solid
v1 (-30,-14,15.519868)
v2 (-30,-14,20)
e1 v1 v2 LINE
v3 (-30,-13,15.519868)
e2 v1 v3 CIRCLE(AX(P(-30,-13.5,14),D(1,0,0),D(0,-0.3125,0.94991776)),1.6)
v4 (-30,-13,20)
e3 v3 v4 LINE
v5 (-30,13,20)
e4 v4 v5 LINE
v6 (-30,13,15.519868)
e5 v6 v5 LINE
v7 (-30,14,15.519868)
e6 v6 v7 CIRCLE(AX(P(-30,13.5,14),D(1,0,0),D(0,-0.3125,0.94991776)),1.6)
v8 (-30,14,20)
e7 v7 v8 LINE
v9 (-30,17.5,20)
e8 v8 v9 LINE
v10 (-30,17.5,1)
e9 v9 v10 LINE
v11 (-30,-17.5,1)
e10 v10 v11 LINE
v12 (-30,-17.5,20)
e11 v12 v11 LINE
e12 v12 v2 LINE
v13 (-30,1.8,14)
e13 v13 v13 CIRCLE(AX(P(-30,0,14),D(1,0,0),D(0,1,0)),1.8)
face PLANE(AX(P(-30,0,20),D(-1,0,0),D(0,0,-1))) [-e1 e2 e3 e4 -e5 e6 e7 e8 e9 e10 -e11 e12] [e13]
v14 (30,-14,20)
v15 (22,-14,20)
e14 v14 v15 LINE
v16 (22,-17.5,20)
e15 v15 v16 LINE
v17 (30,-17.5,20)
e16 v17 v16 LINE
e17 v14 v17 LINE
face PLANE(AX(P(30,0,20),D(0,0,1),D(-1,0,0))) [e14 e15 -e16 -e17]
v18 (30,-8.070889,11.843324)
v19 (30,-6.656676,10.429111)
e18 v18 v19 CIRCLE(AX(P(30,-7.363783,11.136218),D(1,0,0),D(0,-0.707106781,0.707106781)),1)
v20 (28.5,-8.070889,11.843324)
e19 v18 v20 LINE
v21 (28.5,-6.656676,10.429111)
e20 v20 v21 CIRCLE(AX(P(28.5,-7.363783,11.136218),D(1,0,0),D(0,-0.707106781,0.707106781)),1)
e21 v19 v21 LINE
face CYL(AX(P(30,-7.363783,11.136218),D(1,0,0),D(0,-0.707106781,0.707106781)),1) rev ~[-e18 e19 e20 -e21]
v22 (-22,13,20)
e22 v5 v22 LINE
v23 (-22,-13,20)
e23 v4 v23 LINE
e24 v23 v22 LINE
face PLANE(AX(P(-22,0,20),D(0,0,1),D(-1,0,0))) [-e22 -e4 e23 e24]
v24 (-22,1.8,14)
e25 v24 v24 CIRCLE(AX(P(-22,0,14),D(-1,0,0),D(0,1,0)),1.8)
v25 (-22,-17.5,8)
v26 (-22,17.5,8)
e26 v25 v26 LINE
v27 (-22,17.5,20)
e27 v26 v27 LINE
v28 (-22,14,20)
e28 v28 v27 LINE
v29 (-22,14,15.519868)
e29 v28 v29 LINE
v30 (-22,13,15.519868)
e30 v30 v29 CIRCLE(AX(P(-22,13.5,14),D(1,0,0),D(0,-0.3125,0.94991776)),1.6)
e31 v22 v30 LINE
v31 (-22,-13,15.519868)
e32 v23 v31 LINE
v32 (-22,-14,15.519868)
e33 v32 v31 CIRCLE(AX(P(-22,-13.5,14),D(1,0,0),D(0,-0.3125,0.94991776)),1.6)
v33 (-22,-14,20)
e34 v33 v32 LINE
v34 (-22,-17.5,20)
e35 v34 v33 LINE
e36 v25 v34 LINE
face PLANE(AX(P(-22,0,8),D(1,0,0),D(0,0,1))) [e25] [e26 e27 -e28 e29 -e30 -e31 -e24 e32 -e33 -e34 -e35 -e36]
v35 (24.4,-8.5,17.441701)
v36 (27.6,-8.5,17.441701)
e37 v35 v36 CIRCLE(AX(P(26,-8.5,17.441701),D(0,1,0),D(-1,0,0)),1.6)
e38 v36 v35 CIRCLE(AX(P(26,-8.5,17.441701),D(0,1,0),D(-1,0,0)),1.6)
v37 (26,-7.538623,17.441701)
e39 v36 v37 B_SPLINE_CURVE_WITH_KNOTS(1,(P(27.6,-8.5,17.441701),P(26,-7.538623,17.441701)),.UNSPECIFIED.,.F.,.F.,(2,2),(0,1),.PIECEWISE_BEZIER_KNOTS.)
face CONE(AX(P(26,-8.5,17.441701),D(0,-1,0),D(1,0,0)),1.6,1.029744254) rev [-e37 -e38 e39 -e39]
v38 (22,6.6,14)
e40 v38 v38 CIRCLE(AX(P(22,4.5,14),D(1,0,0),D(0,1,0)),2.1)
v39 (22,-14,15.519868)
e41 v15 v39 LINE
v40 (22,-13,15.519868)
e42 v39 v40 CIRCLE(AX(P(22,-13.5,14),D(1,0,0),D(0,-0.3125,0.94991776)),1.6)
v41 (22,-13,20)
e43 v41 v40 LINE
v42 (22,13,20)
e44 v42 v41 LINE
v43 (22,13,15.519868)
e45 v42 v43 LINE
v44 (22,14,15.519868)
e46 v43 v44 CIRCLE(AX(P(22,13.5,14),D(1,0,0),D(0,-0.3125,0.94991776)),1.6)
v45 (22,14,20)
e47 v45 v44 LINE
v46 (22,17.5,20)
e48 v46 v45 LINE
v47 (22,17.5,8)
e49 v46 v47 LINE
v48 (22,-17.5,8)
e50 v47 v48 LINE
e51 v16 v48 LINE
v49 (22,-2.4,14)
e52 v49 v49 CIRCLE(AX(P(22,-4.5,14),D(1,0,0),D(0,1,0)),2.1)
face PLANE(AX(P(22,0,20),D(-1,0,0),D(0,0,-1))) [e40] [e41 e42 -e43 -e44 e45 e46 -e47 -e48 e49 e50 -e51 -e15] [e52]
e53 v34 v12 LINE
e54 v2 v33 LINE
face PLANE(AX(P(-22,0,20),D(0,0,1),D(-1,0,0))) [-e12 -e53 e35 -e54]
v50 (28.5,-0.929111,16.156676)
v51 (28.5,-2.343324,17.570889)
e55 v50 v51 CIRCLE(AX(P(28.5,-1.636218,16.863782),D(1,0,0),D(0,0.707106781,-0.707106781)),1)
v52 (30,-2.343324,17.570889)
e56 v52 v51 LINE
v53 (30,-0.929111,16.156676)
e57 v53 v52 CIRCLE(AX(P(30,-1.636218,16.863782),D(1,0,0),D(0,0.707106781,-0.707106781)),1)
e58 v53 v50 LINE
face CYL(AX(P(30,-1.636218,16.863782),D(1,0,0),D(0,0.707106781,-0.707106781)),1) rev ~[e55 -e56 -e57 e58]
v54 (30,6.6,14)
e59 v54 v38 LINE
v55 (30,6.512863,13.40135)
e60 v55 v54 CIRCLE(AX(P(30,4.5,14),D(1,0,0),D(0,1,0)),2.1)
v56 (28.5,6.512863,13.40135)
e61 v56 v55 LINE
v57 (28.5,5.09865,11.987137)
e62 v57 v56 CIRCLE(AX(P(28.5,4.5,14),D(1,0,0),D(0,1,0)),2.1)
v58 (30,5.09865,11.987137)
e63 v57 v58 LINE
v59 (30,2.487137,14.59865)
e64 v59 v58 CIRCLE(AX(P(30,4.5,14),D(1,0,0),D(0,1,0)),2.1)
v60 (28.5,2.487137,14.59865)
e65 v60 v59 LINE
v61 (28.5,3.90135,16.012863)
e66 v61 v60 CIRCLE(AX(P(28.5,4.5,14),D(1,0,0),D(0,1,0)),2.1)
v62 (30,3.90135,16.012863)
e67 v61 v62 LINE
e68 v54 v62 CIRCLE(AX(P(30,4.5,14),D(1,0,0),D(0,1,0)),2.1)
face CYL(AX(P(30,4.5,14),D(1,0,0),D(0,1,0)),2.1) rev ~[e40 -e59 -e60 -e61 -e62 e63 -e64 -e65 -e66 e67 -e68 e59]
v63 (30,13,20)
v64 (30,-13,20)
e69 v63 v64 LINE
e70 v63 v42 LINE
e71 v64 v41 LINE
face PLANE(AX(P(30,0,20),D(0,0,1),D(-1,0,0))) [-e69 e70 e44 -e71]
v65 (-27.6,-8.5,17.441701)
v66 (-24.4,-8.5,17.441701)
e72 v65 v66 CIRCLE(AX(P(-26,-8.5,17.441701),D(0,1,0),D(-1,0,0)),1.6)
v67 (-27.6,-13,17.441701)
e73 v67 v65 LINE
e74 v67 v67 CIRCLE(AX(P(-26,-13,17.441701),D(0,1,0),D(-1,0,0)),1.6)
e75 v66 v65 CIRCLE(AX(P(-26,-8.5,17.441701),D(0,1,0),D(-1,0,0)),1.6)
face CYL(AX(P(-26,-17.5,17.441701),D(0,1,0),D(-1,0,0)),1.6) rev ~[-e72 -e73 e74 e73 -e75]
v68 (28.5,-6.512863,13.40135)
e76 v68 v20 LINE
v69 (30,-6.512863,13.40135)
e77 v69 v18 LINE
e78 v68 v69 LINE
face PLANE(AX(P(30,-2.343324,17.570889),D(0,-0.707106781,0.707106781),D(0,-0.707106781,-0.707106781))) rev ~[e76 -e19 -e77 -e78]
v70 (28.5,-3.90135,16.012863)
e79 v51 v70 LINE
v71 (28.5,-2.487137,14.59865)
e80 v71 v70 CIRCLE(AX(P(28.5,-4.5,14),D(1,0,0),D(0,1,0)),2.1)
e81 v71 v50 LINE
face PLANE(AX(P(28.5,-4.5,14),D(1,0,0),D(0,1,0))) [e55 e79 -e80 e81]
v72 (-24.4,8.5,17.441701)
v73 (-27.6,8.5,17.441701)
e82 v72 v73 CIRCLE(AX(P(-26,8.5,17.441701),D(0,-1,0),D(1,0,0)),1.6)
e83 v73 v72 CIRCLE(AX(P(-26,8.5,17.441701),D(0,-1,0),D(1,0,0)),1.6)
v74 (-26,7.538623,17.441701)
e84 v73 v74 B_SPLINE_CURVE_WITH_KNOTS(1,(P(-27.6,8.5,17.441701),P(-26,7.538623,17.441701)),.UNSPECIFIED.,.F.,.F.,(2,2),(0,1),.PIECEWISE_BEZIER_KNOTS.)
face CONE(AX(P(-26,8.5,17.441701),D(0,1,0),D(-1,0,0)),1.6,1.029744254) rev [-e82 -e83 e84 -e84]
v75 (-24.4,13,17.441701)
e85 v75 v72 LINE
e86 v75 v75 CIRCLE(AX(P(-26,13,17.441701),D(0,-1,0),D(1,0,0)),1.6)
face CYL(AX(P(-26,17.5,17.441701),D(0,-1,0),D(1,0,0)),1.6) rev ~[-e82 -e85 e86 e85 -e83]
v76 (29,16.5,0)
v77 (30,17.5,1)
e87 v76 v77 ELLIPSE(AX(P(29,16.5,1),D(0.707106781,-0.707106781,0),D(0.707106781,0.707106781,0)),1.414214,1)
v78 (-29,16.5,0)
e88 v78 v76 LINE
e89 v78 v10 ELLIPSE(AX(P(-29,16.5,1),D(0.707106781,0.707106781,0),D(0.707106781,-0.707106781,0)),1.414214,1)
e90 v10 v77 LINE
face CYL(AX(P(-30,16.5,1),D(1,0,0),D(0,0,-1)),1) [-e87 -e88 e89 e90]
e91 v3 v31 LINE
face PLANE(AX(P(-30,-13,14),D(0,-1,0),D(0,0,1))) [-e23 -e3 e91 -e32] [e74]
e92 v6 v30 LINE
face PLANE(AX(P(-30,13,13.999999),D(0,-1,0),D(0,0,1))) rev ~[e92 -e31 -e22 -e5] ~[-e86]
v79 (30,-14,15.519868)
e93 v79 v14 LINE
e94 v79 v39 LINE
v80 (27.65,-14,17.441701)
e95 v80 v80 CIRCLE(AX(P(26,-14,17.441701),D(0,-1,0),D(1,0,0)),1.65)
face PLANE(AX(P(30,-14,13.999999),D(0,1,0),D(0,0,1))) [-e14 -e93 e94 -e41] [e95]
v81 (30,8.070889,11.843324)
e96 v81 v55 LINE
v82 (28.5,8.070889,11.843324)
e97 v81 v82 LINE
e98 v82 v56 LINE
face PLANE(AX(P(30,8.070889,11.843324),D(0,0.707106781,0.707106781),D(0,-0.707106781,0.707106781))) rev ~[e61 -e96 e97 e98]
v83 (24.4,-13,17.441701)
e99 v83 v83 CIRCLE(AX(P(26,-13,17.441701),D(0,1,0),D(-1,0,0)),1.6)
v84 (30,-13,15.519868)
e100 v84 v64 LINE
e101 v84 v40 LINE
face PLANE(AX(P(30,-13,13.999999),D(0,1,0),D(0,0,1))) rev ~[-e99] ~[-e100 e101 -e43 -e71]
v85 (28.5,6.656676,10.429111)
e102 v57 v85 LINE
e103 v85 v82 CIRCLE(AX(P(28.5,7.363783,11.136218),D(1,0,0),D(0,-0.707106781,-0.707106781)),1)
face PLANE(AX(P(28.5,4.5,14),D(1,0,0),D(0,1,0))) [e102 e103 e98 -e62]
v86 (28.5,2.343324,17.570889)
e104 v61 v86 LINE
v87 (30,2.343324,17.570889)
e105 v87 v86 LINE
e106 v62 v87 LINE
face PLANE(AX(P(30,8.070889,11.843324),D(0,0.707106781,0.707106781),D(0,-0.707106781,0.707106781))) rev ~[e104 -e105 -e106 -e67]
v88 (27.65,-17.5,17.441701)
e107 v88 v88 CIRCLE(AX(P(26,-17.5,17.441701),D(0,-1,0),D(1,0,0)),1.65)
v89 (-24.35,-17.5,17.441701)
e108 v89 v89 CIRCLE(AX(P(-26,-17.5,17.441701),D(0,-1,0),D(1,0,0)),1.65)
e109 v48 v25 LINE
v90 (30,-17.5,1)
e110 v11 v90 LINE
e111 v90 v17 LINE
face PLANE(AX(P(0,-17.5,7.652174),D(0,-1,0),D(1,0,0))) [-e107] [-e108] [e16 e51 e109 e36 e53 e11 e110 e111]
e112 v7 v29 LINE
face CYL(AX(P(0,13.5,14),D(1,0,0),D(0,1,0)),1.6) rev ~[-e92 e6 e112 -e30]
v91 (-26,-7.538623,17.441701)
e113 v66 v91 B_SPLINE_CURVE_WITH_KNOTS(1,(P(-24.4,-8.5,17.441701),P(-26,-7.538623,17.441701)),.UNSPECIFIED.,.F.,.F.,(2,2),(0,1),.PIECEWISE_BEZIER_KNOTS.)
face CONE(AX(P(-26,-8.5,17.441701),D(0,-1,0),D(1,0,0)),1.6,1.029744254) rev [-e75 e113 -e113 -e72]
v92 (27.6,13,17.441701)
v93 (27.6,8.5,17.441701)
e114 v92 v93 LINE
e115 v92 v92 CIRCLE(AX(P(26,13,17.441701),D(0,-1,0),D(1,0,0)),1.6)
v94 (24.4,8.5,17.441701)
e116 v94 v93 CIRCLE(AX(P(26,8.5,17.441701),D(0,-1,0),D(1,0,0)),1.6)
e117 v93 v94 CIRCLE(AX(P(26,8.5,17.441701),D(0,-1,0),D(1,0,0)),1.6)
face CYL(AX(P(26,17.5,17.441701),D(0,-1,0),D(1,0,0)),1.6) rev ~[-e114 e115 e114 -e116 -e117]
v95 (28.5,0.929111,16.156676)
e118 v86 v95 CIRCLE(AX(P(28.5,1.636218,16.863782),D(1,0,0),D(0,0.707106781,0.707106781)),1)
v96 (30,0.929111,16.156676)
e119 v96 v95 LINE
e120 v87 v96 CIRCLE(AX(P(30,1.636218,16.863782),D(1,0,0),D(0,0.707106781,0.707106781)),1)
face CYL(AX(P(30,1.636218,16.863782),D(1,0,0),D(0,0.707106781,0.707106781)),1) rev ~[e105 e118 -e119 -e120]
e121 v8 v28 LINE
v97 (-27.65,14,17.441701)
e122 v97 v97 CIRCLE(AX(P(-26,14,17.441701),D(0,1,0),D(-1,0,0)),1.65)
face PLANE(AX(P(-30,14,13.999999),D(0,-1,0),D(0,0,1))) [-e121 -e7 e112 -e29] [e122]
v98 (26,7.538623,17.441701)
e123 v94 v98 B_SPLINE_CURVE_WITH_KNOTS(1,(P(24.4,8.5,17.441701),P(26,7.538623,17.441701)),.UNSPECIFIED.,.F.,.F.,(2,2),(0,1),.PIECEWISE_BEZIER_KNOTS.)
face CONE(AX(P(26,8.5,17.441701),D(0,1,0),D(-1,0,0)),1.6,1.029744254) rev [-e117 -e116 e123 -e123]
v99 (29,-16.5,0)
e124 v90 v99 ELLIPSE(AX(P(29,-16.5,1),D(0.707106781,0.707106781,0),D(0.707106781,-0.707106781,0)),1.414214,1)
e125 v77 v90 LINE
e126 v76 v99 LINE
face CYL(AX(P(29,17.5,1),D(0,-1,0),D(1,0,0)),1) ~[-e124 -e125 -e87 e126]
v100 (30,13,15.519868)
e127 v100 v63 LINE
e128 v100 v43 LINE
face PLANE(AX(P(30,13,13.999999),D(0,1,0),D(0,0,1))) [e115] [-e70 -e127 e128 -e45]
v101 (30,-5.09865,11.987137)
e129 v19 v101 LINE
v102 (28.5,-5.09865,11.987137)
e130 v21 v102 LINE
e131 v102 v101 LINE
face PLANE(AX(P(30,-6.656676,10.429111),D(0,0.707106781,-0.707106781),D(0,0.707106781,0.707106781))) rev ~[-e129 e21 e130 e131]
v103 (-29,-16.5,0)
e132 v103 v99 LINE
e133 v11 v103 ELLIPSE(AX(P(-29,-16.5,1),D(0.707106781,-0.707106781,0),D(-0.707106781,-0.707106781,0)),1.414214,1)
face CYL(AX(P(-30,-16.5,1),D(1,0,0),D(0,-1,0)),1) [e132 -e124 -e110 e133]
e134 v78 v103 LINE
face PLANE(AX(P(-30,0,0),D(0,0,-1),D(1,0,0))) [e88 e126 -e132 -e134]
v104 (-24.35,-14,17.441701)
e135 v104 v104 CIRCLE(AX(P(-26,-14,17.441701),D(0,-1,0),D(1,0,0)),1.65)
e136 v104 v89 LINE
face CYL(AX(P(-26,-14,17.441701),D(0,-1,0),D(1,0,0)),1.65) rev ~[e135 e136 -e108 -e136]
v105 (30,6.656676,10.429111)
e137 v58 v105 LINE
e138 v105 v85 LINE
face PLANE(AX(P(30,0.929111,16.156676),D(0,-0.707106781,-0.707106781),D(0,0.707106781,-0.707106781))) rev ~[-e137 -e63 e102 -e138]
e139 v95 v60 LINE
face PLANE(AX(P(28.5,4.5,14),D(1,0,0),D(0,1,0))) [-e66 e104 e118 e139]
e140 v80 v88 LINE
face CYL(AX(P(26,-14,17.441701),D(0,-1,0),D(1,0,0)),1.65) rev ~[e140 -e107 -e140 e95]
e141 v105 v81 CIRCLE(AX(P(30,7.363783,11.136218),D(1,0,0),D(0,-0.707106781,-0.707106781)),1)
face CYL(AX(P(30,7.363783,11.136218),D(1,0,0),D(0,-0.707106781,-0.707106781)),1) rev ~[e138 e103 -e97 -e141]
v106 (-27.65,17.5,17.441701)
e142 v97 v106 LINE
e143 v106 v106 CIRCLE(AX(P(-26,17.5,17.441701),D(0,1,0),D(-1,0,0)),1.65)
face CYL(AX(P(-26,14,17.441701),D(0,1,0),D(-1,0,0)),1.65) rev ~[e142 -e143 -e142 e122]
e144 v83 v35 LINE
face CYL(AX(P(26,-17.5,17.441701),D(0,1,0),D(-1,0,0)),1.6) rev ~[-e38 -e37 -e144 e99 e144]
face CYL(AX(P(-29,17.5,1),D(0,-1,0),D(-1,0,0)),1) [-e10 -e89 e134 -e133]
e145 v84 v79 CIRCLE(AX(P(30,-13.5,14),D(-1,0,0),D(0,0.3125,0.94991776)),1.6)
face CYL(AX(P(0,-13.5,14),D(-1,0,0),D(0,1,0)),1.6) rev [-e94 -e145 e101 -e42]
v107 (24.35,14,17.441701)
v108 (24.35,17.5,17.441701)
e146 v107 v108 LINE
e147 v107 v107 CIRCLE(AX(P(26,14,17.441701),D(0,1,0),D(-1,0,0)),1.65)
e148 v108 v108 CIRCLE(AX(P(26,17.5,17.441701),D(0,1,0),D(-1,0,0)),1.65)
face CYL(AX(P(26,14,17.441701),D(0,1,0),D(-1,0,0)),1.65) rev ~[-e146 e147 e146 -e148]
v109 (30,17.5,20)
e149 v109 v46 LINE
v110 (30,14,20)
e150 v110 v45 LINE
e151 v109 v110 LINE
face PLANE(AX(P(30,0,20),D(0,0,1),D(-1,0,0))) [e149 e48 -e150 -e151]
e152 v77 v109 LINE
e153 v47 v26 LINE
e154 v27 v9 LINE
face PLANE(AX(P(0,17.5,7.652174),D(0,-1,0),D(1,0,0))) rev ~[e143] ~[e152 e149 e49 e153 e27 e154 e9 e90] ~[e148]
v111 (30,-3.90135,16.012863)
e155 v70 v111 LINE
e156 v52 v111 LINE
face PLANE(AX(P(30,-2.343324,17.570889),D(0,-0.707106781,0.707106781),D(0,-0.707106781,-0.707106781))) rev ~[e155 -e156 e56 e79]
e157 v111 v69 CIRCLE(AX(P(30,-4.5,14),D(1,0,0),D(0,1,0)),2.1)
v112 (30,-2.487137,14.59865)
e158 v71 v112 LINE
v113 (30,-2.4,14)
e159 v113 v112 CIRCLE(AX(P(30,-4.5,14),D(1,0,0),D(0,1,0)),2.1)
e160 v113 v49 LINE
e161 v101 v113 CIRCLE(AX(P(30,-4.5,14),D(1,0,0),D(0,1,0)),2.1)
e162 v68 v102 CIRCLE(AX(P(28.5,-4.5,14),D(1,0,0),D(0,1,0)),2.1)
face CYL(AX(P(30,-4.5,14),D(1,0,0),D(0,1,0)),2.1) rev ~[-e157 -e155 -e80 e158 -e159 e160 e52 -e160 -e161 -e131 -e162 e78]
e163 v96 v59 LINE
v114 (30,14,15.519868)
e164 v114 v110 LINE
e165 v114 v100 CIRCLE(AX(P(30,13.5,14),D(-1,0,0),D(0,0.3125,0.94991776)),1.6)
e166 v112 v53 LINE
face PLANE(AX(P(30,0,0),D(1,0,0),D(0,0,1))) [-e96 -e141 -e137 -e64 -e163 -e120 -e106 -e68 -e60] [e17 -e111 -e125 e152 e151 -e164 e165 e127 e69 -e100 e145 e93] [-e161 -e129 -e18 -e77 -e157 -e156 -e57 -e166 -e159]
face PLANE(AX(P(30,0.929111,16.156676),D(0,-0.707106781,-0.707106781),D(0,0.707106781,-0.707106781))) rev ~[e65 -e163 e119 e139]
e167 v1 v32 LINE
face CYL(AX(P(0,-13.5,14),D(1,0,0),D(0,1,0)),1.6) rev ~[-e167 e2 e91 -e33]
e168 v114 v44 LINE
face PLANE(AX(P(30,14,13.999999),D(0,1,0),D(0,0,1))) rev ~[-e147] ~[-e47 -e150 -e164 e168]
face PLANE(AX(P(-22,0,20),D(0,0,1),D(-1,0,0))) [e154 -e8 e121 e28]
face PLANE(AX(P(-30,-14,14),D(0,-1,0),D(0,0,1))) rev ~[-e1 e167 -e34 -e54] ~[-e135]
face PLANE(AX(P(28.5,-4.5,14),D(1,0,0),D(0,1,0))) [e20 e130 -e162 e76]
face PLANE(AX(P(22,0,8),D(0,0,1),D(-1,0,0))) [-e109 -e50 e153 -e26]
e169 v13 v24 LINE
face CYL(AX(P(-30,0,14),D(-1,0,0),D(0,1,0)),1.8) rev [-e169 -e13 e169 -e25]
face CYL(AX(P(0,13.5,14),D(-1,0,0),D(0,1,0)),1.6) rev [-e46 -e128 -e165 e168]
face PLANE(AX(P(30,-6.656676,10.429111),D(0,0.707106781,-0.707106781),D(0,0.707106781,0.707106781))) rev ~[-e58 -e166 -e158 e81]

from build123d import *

# Parameters (mm, degrees)
PAD_DEPTH           = 17.5
SKETCH001_R         = 1.6
POCKET_DEPTH        = 30.001
POCKET_DEPTH_BACK   = 30.001
SKETCH009_R         = 2.1
POCKET002_DEPTH     = 10
POCKET006_DEPTH     = 1.5
SKETCH014_R         = 1.8
HOLE_DEPTH          = 10
HOLE001_D           = 3.2
HOLE001_DEPTH       = 9
HOLE001_CBORE_D     = 3.3
HOLE001_CBORE_DEPTH = 3.5
HOLE001_TIPS_R      = 1.6
HOLE002_D           = 3.2
HOLE002_DEPTH       = 9
HOLE002_CBORE_D     = 3.3
HOLE002_CBORE_DEPTH = 3.5
HOLE002_TIPS_R      = 1.6
SKETCH018_W         = 1
SKETCH018_H         = 7.240904
SKETCH018_H_2       = 8.067387
POCKET009_DEPTH     = 10
SKETCH019_W         = 1
SKETCH019_H         = 13.038261
SKETCH019_H_2       = 12.983065
POCKET010_DEPTH     = 10
FILLET_R            = 1


with BuildPart() as part:
    # Sketch → Pad (new body, symmetric)
    with BuildSketch(Plane.XZ):
        Polygon((-30, 20), (-30, 0), (30, 0), (30, 20), (22, 20), (22, 8), (-22, 8), (-22, 20), align=None)
    extrude(amount=PAD_DEPTH, both=True)

    # Sketch001 → Pocket (cut, two sides)
    with BuildSketch(Plane.YZ) as pocket_sk:
        with Locations((-13.5, 14)):
            Circle(SKETCH001_R)
        with Locations((13.5, 14)):
            Circle(SKETCH001_R)
    extrude(amount=-POCKET_DEPTH, mode=Mode.SUBTRACT)
    extrude(pocket_sk.sketch, amount=POCKET_DEPTH_BACK, mode=Mode.SUBTRACT)

    # Sketch009 (on DatumPlane) → Pocket002 (cut)
    with BuildSketch(Plane.YZ.offset(30)):
        with Locations((-4.5, 14)):
            Circle(SKETCH009_R)
        with Locations((4.5, 14)):
            Circle(SKETCH009_R)
    extrude(amount=-POCKET002_DEPTH, mode=Mode.SUBTRACT)

    # Sketch013 (on DatumPlane) → Pocket006 (cut)
    with BuildSketch(Plane.YZ.offset(30)):
        with BuildLine():
            ThreePointArc((-0.929111, 16.156676), (-0.929111, 17.570889), (-2.343324, 17.570889))
            Line((-2.343324, 17.570889), (-8.070889, 11.843324))
            ThreePointArc((-8.070889, 11.843324), (-8.070889, 10.429111), (-6.656676, 10.429111))
            Line((-6.656676, 10.429111), (-0.929111, 16.156676))
        make_face()
        with BuildLine():
            ThreePointArc((2.343324, 17.570889), (0.929111, 17.570889), (0.929111, 16.156676))
            Line((0.929111, 16.156676), (6.656676, 10.429111))
            ThreePointArc((6.656676, 10.429111), (8.070889, 10.429111), (8.070889, 11.843324))
            Line((8.070889, 11.843324), (2.343324, 17.570889))
        make_face()
    extrude(amount=-POCKET006_DEPTH, mode=Mode.SUBTRACT)

    # Sketch014 (on DatumPlane) → Hole (cut)
    with BuildSketch(Plane.YZ.offset(-30)):
        with Locations((0, 14)):
            Circle(SKETCH014_R)
    extrude(amount=HOLE_DEPTH, mode=Mode.SUBTRACT)

    # Hole001
    with Locations(Plane.XZ.offset(17.5)):
        with Locations((26, 17.441701), (-26, 17.441701)):
            CounterBoreHole(HOLE001_D / 2, HOLE001_CBORE_D / 2, HOLE001_CBORE_DEPTH, depth=HOLE001_DEPTH)

    # Hole001 tips → Hole001 tip 1 section 0
    with BuildSketch(Plane.XZ.offset(8.5), mode=Mode.PRIVATE) as hole001_tip_1_s0:
        with Locations((26, 17.441701)):
            Circle(HOLE001_TIPS_R)
    loft([hole001_tip_1_s0.sketch, Vertex(26, -7.538623, 17.441701)], mode=Mode.SUBTRACT)

    # Hole001 tips → Hole001 tip 2 section 0
    with BuildSketch(Plane.XZ.offset(8.5), mode=Mode.PRIVATE) as hole001_tip_2_s0:
        with Locations((-26, 17.441701)):
            Circle(HOLE001_TIPS_R)
    loft([hole001_tip_2_s0.sketch, Vertex(-26, -7.538623, 17.441701)], mode=Mode.SUBTRACT)

    # Hole002
    with Locations(Plane(origin=(0, 17.5, 0), x_dir=(-1, 0, 0), z_dir=(0, 1, 0))):
        with Locations((-26, 17.441701), (26, 17.441701)):
            CounterBoreHole(HOLE002_D / 2, HOLE002_CBORE_D / 2, HOLE002_CBORE_DEPTH, depth=HOLE002_DEPTH)

    # Hole002 tips → Hole002 tip 1 section 0
    with BuildSketch(Plane(origin=(0, 8.5, 0), x_dir=(-1, 0, 0), z_dir=(0, 1, 0)), mode=Mode.PRIVATE) as hole002_tip_1_s0:
        with Locations((-26, 17.441701)):
            Circle(HOLE002_TIPS_R)
    loft([hole002_tip_1_s0.sketch, Vertex(26, 7.538623, 17.441701)], mode=Mode.SUBTRACT)

    # Hole002 tips → Hole002 tip 2 section 0
    with BuildSketch(Plane(origin=(0, 8.5, 0), x_dir=(-1, 0, 0), z_dir=(0, 1, 0)), mode=Mode.PRIVATE) as hole002_tip_2_s0:
        with Locations((26, 17.441701)):
            Circle(HOLE002_TIPS_R)
    loft([hole002_tip_2_s0.sketch, Vertex(-26, 7.538623, 17.441701)], mode=Mode.SUBTRACT)

    # Sketch018 (on DatumPlane) → Pocket009 (cut)
    with BuildSketch(Plane.YZ.offset(-30)):
        with Locations((-13.5, 17.620452)):
            Rectangle(SKETCH018_W, SKETCH018_H)
        with Locations((13.5, 18.033693)):
            Rectangle(SKETCH018_W, SKETCH018_H_2)
    extrude(amount=POCKET009_DEPTH, mode=Mode.SUBTRACT)

    # Sketch019 (on DatumPlane) → Pocket010 (cut)
    with BuildSketch(Plane.YZ.offset(30)):
        with Locations((-13.5, 20.51913)):
            Rectangle(SKETCH019_W, SKETCH019_H)
        with Locations((13.5, 20.491532)):
            Rectangle(SKETCH019_W, SKETCH019_H_2)
    extrude(amount=-POCKET010_DEPTH, mode=Mode.SUBTRACT)

    # Fillet
    fillet_edges = [part.edges().sort_by_distance(p)[0] for p in [
        (0, 17.5, 0),
        (-30, 0, 0),
        (0, -17.5, 0),
        (30, 0, 0),
    ]]
    fillet(fillet_edges, radius=FILLET_R)


solid = part.part
